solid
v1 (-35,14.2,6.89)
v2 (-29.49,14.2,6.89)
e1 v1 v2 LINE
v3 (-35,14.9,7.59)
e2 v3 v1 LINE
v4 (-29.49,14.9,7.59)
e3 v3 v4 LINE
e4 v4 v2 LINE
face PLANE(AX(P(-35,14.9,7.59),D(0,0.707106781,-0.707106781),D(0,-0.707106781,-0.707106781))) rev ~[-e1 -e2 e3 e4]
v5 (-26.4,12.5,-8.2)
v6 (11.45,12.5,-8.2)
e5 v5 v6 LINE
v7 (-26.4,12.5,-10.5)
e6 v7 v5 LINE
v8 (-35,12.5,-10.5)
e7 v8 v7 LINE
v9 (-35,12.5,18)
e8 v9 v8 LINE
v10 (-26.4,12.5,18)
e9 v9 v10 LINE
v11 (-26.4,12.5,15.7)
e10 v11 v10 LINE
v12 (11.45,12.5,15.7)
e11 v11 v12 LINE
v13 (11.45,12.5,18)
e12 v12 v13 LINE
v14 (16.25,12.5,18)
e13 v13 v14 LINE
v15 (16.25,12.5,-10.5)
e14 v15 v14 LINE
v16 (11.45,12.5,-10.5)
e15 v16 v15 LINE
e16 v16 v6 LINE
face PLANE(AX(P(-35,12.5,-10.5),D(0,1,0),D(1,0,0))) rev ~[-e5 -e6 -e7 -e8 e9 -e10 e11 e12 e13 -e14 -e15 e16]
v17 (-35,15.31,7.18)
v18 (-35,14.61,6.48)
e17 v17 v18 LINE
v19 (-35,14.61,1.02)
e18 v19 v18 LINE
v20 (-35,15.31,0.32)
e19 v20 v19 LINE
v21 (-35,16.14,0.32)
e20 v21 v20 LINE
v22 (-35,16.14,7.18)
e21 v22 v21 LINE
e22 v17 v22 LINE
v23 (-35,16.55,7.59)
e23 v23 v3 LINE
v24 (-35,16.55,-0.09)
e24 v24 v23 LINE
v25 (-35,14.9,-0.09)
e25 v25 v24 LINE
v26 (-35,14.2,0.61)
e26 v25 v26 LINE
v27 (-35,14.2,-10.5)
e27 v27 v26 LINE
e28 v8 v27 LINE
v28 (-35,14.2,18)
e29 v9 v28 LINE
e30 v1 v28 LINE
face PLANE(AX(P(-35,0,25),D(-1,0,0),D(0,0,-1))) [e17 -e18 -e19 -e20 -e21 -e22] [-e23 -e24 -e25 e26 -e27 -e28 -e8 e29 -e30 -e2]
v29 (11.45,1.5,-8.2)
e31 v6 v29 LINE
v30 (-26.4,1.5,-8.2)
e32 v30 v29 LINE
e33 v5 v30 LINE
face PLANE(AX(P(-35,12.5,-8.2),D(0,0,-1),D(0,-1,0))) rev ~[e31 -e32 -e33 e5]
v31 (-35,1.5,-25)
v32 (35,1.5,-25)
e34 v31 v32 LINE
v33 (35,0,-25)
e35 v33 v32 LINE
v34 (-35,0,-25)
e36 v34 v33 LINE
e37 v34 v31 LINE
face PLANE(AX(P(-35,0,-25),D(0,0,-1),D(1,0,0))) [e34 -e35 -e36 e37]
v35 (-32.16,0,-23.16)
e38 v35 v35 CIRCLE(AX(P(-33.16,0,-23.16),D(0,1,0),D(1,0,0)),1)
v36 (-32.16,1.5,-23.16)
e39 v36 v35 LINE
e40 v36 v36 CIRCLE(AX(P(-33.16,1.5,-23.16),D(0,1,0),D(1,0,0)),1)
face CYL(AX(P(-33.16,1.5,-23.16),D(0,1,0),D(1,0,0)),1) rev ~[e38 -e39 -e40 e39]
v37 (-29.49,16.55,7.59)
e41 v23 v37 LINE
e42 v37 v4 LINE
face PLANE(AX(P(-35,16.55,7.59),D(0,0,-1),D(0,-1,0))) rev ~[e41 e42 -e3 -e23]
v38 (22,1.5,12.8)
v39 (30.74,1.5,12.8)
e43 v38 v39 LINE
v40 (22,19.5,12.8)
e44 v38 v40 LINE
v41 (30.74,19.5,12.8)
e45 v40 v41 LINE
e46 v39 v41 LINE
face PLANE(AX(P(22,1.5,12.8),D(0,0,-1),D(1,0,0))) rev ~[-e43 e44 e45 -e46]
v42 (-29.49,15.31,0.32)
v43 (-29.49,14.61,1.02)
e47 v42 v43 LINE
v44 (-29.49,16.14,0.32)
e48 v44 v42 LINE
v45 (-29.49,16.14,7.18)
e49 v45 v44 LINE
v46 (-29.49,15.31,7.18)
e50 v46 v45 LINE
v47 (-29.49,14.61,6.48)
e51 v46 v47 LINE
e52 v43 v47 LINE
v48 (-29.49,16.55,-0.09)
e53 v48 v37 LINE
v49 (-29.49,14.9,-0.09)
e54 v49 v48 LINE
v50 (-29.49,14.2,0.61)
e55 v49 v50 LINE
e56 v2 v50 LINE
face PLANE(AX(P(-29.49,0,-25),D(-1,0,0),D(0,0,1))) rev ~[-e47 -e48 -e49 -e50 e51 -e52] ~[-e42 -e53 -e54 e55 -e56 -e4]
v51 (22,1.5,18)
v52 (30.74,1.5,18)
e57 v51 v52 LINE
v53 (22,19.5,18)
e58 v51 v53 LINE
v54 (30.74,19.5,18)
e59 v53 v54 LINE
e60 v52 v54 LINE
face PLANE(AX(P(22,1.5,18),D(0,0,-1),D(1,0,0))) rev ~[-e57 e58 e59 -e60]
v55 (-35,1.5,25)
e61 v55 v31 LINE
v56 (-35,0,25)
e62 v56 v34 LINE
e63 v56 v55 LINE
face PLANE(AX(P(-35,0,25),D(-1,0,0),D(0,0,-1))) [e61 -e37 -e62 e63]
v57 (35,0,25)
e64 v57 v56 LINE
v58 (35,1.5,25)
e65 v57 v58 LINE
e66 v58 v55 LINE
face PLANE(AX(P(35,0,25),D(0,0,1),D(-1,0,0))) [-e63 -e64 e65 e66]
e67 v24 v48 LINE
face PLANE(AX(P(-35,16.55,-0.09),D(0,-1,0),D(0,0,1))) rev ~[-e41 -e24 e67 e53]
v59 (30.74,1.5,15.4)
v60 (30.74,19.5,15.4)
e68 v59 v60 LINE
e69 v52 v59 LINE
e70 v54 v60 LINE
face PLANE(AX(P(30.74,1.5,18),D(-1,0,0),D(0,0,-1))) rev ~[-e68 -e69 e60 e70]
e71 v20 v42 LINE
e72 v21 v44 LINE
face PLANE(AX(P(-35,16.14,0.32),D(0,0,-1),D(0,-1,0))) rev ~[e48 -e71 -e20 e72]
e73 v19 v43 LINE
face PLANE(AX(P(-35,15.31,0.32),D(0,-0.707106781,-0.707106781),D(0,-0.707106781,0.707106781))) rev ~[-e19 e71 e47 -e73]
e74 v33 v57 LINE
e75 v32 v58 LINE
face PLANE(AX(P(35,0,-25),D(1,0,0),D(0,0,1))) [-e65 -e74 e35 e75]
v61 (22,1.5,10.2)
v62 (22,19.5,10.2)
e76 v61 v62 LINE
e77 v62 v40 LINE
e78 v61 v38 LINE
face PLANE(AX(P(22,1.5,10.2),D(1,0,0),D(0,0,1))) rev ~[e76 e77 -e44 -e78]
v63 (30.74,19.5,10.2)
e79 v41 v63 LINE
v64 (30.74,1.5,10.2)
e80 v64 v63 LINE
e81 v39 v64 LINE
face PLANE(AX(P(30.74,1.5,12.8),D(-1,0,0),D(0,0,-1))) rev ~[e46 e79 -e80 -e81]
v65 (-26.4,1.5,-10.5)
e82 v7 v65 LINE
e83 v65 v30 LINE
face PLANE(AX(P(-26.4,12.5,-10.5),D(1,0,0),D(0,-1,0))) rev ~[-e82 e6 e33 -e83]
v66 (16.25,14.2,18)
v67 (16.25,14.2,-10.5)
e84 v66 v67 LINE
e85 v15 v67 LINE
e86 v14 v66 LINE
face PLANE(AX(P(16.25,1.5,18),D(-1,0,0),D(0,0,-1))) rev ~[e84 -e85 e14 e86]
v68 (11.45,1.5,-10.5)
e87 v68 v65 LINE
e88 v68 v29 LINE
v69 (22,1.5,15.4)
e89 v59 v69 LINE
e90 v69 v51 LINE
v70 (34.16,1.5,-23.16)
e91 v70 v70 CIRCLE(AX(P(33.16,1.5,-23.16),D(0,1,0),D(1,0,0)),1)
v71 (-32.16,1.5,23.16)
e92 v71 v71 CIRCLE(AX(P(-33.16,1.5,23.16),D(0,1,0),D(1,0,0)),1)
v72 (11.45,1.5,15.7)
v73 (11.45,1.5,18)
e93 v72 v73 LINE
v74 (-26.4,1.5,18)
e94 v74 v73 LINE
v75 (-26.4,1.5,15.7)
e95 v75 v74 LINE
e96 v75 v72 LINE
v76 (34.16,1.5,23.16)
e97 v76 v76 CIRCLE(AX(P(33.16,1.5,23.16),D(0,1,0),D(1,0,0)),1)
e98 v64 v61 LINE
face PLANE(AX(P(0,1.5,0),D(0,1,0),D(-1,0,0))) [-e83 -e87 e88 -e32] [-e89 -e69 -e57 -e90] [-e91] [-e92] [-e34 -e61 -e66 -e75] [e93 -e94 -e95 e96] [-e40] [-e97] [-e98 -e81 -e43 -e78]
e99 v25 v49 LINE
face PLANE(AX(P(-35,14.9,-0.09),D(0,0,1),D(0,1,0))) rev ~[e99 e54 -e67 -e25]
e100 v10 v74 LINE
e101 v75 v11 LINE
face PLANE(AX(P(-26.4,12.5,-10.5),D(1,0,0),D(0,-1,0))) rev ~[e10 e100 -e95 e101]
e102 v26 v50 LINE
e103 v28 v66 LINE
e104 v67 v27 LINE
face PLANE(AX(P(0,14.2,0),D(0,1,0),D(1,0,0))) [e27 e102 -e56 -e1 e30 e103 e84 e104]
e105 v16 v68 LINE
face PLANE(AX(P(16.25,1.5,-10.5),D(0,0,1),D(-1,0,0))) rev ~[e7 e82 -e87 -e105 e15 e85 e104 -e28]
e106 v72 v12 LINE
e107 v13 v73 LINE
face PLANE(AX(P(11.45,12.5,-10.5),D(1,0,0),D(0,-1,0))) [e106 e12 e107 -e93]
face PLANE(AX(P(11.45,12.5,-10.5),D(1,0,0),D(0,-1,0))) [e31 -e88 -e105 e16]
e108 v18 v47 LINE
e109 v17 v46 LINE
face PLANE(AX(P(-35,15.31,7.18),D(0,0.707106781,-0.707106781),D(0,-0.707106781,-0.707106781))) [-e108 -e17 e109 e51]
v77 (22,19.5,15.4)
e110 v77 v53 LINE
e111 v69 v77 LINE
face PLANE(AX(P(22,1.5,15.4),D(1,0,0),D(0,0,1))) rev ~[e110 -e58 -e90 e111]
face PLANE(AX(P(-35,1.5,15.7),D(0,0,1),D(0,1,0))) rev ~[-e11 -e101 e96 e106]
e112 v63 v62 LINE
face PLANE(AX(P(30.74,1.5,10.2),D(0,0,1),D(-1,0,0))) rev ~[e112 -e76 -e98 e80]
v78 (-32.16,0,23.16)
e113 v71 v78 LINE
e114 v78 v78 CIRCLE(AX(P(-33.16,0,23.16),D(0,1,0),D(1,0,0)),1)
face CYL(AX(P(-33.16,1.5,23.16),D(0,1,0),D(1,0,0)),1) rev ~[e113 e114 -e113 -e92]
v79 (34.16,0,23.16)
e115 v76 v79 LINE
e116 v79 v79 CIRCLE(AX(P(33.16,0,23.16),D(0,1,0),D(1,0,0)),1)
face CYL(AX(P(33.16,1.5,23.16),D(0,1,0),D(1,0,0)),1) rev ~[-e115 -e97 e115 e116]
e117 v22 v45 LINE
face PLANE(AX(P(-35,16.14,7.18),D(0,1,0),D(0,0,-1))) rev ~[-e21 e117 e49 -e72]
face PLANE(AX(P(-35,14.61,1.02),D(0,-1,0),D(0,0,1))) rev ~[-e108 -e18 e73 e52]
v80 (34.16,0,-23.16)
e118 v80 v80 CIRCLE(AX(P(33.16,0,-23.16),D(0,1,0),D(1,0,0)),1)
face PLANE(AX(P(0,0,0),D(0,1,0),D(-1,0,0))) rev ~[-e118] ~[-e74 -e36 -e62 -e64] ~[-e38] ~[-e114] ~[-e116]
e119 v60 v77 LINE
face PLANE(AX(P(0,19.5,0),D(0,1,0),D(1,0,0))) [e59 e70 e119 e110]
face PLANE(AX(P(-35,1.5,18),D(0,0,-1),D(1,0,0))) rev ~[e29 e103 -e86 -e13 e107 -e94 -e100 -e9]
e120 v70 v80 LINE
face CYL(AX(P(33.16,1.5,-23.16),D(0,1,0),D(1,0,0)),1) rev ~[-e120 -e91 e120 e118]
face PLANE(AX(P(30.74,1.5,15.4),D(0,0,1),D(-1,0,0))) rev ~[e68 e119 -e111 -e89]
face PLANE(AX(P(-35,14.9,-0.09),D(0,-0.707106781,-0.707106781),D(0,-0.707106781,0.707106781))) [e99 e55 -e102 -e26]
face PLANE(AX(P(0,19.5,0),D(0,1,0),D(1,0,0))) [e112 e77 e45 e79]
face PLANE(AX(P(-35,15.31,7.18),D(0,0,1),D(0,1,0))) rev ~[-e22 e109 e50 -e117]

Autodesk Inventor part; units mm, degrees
ref_plane "YZ Plane" through (0, 0, 0) normal (1, 0, 0) x (0, 1, 0)
ref_plane "XZ Plane" through (0, 0, 0) normal (0, 1, 0) x (-1, 0, 0)
ref_plane "XY Plane" through (0, 0, 0) normal (0, 0, 1) x (1, 0, 0)
sketch "Sketch1" plane through (0, 0, 0) normal (0, 1, 0) x (-1, 0, 0)
  line L0 (-35, 25) -> (35, 25)
  line L1 (35, 25) -> (35, -25)
  line L2 (35, -25) -> (-35, -25)
  line L3 (-35, -25) -> (-35, 25)
  line L4 (-35, 25) -> (35, -25) construction
  line L5 (35, 25) -> (-35, -25) construction
  point P0 (0, 0)
  dimension "d0" = 70
  dimension "d1" = 50
extrude "Extrusion1" add sketch "Sketch1" along normal blind 1.5
sketch "Sketch4" plane through (0, 1.5, 0) normal (0, 1, 0) x (1, 0, 0)
  line L0 (16.25, 10.5) -> (-35, 10.5)
  line L1 (-35, 10.5) -> (-35, -18)
  line L2 (-35, -18) -> (16.25, -18)
  line L3 (16.25, -18) -> (16.25, 10.5)
  line L4 (16.25, 10.5) -> (-35, -18) construction
  line L5 (-35, 10.5) -> (16.25, -18) construction
  line L6 (-35, -25) -> (35, -25) projected
  line L7 (-35, 25) -> (-35, -25) projected
  dimension "d10" = 51.25
  dimension "d11" = 28.5
  dimension "d12" = 7
extrude "Extrusion3" add sketch "Sketch4" along normal blind 12.7
sketch "Sketch5" plane through (0, 1.5, 0) normal (0, 1, 0) x (1, 0, 0)
  line L0 (30.74, -15.4) -> (22, -15.4)
  line L1 (22, -15.4) -> (22, -18)
  line L2 (22, -18) -> (30.74, -18)
  line L3 (30.74, -18) -> (30.74, -15.4)
  line L4 (30.74, -15.4) -> (22, -18) construction
  line L5 (22, -15.4) -> (30.74, -18) construction
  line L6 (16.25, -18) -> (16.25, 10.5) projected
  line L7 (-35, -18) -> (16.25, -18) projected
  line L8 (30.74, -10.2) -> (22, -10.2)
  line L9 (22, -10.2) -> (22, -12.8)
  line L10 (22, -12.8) -> (30.74, -12.8)
  line L11 (30.74, -12.8) -> (30.74, -10.2)
  line L12 (30.74, -10.2) -> (22, -12.8) construction
  line L13 (22, -10.2) -> (30.74, -12.8) construction
  point P0 (0, 0)
  point P1 (26.37, -16.7)
  point P2 (22, -16.7)
  point P3 (26.37, -11.5)
  point P4 (22, -11.5)
  dimension "d15" = 5.75
  dimension "d16" = 8.74
  dimension "d17" = 2.6
  dimension "d18" = 8.74
  dimension "d19" = 2.6
  dimension "d20" = 2.6
extrude "Extrusion4" add sketch "Sketch5" along normal blind 18
sketch "Sketch6" plane through (-35, 0, -25) normal (-1, 0, 0) x (0, 0, 1)
  line L0 (24.91, 16.55) -> (32.59, 16.55)
  line L1 (32.59, 16.55) -> (32.59, 14.9)
  line L2 (31.89, 14.2) -> (25.61, 14.2)
  line L3 (24.91, 14.9) -> (24.91, 16.55)
  line L4 (24.91, 16.55) -> (32.59, 14.2) construction
  line L5 (32.59, 16.55) -> (24.91, 14.2) construction
  line L6 (43, 1.5) -> (50, 1.5) projected
  line L7 (43, 1.5) -> (43, 14.2) projected
  line L8 (14.5, 1.5) -> (14.5, 14.2) projected
  line L9 (32.18, 16.14) -> (25.32, 16.14)
  line L10 (25.32, 16.14) -> (25.32, 15.31)
  line L11 (26.02, 14.61) -> (31.48, 14.61)
  line L12 (32.18, 15.31) -> (32.18, 16.14)
  line L13 (14.5, 14.2) -> (43, 14.2) projected
  line L14 (25.32, 15.31) -> (26.02, 14.61)
  line L15 (32.18, 15.31) -> (31.48, 14.61)
  line L16 (32.59, 14.9) -> (31.89, 14.2)
  line L17 (24.91, 14.9) -> (25.61, 14.2)
  point P0 (25, 0)
  point P1 (28.75, 15.375)
  point P2 (25.32, 14.61)
  point P3 (32.18, 14.61)
  dimension "d24" = 2.35
  dimension "d25" = 7.68
  dimension "d26" = 14.25
  dimension "d27" = 14.25
  dimension "d28" = 0.41
  dimension "d50" = 0.7
  dimension "d51" = 0.7
  dimension "d52" = 0.7
  dimension "d53" = 0.7
  dimension "d54" = 0.7
  dimension "d55" = 0.7
  dimension "d56" = 0.7
  dimension "d57" = 0.7
extrude "Extrusion5" add sketch "Sketch6" against normal blind 5.51
sketch "Sketch8" plane through (0, 1.5, 0) normal (0, 1, 0) x (1, 0, 0)
  circle A0 centre (33.16, -23.16) radius 1
  circle A1 centre (-33.16, -23.16) radius 1
  circle A2 centre (-33.16, 23.16) radius 1
  circle A3 centre (33.16, 23.16) radius 1
  line L0 (22, -10.2) -> (30.74, -10.2) projected
  line L1 (30.74, -10.2) -> (30.74, -12.8) projected
  line L2 (30.74, -12.8) -> (22, -12.8) projected
  line L3 (22, -12.8) -> (22, -10.2) projected
  line L4 (22, -15.4) -> (30.74, -15.4) projected
  line L5 (30.74, -15.4) -> (30.74, -18) projected
  line L6 (30.74, -18) -> (22, -18) projected
  line L7 (22, -18) -> (22, -15.4) projected
  line L8 (16.25, -18) -> (-35, -18) projected
  line L9 (-35, -18) -> (-35, -25) projected
  line L10 (-35, -25) -> (35, -25) projected
  line L11 (35, -25) -> (35, 25) projected
  line L12 (35, 25) -> (-35, 25) projected
  line L13 (-35, 25) -> (-35, 10.5) projected
  line L14 (-35, 10.5) -> (16.25, 10.5) projected
  line L15 (16.25, 10.5) -> (16.25, -18) projected
  point P0 (0, 0)
  dimension "d33" = 2
  dimension "d34" = 2
  dimension "d35" = 2
  dimension "d36" = 2
  dimension "d37" = 1.84
  dimension "d38" = 1.84
  dimension "d39" = 1.84
  dimension "d40" = 1.84
  dimension "d41" = 1.84
  dimension "d42" = 1.84
  dimension "d43" = 1.84
  dimension "d44" = 1.84
extrude "Extrusion7" cut sketch "Sketch8" against normal blind 10 contours A0 | A1 | A2 | A3
sketch "Sketch9" plane through (-35, 0, -25) normal (-1, 0, 0) x (0, 0, 1)
  line L0 (14.5, 1.5) -> (14.5, 14.2) construction
  line L1 (43, 1.5) -> (43, 19.5) construction
  line L2 (14.5, 14.2) -> (43, 14.2) construction
  line L3 (43, 14.2) -> (43, 1.5) construction
  line L4 (43, 1.5) -> (14.5, 1.5) construction
  line L5 (14.5, 1.5) -> (14.5, 14.2) construction
  line L6 (40.7, 12.5) -> (16.8, 12.5)
  line L7 (16.8, 12.5) -> (16.8, 1.5)
  line L8 (40.7, 1.5) -> (40.7, 12.5)
  line L9 (16.8, 1.5) -> (40.7, 1.5)
  point P0 (25, 0)
  point P1 (14.5, 7.85)
  dimension "d47" = 1.7
  dimension "d64" = 2.3
  dimension "d65" = 2.3
extrude "Extrusion8" cut sketch "Sketch9" against normal up to next
sketch "Sketch10" plane through (16.25, 1.5, -10.5) normal (0, 0, -1) x (-1, 0, 0)
  line L0 (51.25, 0) -> (0, 0) projected
  line L1 (51.25, 0) -> (51.25, 12.7) projected
  line L2 (0, 12.7) -> (51.25, 12.7) projected
  line L3 (0, 0) -> (0, 12.7) projected
  line L4 (51.25, 11) -> (0, 11) projected
  line L5 (51.25, 0) -> (0, 0) projected
  line L6 (51.25, 11) -> (42.65, 11)
  line L7 (42.65, 11) -> (42.65, 0)
  line L8 (42.65, 0) -> (51.25, 0)
  line L9 (51.25, 0) -> (51.25, 11)
  point P0 (16.25, -1.5)
  point P1 (42.65, 0)
  dimension "d58" = 8.6
extrude "Extrusion9" cut sketch "Sketch10" against normal through all contours L0 L7 L4 L1
sketch "Sketch11" plane through (16.25, 14.2, -10.5) normal (0, 0, -1) x (-1, 0, 0)
  line L0 (42.65, -1.7) -> (0, -1.7) projected
  line L1 (42.65, -12.7) -> (0, -12.7) projected
  line L2 (0, -1.7) -> (4.8, -1.7)
  line L3 (4.8, -1.7) -> (4.8, -12.7)
  line L4 (4.8, -12.7) -> (0, -12.7)
  line L5 (0, -12.7) -> (0, -1.7)
  point P0 (16.25, -14.2)
  point P1 (0, -12.7)
  point P2 (4.8, -1.7)
  dimension "d61" = 4.8
extrude "Extrusion10" cut sketch "Sketch11" against normal through all
equation "\"d26\" = d27"
equation "\"d51\" = d50"
equation "\"d52\" = d50"
equation "\"d53\" = d52"
equation "\"d54\" = d50"
equation "\"d55\" = d54"
equation "\"d56\" = d50"
equation "\"d57\" = d56"
equation "\"d38\" = d37"
equation "\"d39\" = d37"
equation "\"d40\" = d37"
equation "\"d41\" = d37"
equation "\"d42\" = d37"
equation "\"d43\" = d37"
equation "\"d44\" = d37"
equation "\"d65\" = d64"
properties part number "PCBModel"
